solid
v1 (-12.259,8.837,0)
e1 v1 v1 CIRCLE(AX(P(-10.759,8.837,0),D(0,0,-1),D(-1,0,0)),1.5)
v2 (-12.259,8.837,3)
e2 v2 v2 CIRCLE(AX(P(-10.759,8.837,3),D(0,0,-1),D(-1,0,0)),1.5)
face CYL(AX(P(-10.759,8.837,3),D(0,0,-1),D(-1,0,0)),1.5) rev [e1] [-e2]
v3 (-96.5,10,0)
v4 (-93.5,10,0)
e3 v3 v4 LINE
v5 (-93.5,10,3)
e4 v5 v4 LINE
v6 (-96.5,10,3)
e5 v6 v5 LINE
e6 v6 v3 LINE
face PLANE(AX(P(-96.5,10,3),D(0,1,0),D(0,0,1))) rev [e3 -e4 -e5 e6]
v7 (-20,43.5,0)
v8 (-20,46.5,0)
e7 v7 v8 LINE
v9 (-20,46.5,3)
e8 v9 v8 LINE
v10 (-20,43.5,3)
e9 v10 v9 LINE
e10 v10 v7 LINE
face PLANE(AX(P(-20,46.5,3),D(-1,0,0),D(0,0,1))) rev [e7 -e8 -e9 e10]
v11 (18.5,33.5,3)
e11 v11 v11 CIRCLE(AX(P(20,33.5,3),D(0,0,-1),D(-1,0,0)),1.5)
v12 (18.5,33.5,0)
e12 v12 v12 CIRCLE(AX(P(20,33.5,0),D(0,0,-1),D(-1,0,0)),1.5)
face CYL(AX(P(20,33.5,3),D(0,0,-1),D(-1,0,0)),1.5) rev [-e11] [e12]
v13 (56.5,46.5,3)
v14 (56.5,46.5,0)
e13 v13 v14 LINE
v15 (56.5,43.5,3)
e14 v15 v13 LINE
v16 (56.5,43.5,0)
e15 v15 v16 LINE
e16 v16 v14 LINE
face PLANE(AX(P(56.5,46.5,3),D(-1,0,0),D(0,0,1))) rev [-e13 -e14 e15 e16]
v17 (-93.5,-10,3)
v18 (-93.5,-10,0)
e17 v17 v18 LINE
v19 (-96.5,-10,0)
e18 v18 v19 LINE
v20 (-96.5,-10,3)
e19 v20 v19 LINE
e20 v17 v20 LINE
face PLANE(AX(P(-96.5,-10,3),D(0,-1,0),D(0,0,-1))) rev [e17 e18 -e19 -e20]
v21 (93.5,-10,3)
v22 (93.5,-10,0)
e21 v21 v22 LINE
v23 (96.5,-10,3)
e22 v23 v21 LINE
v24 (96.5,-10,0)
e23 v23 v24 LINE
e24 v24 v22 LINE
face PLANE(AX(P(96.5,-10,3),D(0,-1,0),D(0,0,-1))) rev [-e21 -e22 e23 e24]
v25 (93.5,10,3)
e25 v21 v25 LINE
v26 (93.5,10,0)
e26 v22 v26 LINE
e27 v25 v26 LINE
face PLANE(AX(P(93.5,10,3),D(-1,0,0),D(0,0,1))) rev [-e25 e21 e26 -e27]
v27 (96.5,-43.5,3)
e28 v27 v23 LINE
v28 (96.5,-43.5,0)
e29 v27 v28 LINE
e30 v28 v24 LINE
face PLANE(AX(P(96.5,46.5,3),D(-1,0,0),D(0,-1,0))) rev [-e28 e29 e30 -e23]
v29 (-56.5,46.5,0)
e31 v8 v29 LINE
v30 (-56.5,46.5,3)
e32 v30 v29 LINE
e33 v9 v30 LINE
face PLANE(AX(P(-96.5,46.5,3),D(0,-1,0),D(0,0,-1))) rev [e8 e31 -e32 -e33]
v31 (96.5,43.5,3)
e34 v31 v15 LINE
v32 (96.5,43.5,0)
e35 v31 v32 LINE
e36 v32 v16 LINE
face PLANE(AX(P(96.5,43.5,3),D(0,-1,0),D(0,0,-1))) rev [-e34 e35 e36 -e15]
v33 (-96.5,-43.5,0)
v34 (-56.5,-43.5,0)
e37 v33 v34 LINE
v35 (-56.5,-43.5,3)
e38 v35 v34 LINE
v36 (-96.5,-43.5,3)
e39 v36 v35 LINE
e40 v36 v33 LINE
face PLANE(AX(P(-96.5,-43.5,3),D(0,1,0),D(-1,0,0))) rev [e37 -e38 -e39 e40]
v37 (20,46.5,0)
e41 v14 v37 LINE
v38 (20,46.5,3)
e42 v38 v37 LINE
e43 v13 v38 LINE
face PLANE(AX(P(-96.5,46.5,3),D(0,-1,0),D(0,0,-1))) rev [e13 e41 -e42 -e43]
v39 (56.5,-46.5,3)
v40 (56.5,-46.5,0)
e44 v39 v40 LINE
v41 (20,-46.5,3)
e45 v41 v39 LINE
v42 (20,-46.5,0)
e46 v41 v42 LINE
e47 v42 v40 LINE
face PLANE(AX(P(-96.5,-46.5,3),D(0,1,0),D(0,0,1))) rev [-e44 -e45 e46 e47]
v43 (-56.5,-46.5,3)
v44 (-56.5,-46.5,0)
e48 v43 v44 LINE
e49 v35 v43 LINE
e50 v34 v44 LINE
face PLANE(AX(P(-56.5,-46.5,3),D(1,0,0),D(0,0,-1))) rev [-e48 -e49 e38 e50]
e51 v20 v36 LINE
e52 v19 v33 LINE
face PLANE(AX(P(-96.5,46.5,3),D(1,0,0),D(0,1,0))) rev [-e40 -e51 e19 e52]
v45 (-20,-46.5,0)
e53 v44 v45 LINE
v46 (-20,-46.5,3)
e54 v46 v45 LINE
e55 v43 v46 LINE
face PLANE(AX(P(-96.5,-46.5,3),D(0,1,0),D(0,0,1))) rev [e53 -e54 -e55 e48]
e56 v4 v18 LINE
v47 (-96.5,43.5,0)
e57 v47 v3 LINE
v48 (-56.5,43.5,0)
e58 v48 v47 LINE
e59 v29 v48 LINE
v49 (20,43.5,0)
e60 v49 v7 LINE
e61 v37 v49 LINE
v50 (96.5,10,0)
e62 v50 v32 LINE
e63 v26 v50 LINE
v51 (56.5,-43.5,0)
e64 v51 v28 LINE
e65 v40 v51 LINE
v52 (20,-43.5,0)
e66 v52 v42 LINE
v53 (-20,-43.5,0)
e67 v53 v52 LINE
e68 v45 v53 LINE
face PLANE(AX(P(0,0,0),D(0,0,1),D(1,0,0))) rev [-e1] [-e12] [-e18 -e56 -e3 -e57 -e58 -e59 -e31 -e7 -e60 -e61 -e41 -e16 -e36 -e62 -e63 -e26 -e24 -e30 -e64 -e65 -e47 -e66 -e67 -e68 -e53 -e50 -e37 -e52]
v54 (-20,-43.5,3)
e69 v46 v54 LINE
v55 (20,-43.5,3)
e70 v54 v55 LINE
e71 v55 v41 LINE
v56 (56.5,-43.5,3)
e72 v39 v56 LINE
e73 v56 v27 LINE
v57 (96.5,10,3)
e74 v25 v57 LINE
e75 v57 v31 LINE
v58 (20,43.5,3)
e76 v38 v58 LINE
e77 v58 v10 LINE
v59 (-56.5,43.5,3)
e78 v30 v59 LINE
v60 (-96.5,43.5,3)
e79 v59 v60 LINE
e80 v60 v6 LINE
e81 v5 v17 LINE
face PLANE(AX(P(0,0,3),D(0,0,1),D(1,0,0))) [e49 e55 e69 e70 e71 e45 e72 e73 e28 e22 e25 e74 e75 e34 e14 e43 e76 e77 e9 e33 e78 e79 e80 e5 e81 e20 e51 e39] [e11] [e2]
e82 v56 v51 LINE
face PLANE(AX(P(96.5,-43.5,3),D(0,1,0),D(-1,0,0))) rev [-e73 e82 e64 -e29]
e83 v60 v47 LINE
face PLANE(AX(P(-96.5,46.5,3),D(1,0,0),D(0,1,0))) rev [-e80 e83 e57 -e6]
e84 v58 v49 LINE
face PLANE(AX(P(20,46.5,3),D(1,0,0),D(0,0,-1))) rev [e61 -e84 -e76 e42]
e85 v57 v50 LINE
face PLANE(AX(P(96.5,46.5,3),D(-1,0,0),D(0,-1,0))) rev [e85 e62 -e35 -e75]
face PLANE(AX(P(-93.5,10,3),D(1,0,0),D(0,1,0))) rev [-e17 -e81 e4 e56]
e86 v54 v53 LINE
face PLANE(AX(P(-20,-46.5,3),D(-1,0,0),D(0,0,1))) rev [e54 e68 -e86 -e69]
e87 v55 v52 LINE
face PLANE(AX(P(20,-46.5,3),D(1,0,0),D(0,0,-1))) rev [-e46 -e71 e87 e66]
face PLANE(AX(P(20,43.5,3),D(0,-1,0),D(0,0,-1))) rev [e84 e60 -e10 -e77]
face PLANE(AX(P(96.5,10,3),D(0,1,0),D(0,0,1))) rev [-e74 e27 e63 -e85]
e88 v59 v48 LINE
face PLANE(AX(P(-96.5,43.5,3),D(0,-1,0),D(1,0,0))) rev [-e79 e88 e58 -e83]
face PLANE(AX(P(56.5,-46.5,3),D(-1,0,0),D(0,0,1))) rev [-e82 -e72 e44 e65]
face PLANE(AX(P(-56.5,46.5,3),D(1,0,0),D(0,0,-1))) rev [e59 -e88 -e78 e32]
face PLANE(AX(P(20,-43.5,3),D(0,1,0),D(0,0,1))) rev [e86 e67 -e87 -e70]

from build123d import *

# Parameters (mm, degrees)
SKETCH2_W           = 193
SKETCH2_H           = 93
BOSS_EXTRUDE1_DEPTH = 3
SKETCH3_R           = 1.5
SKETCH3_W           = 40
SKETCH3_H           = 3
SKETCH3_W_2         = 3
SKETCH3_H_2         = 20
CUT_EXTRUDE1_DEPTH  = 3


with BuildPart() as part:
    # Sketch2 → Boss-Extrude1 (new body)
    with BuildSketch(Plane.XY):
        Rectangle(SKETCH2_W, SKETCH2_H)
    extrude(amount=BOSS_EXTRUDE1_DEPTH)

    # Sketch3 → Cut-Extrude1 (cut)
    with BuildSketch(Plane(origin=(0, 0, 0), x_dir=(-1, 0, 0), z_dir=(0, 0, -1))):
        with Locations((-20, 33.5)):
            Circle(SKETCH3_R)
        with Locations((10.759, 8.837)):
            Circle(SKETCH3_R)
        with Locations((-76.5, 45)):
            Rectangle(SKETCH3_W, SKETCH3_H)
        with Locations((76.5, -45)):
            Rectangle(SKETCH3_W, SKETCH3_H)
        with Locations((76.5, 45)):
            Rectangle(SKETCH3_W, SKETCH3_H)
        with Locations((0, 45)):
            Rectangle(SKETCH3_W, SKETCH3_H)
        with Locations((0, -45)):
            Rectangle(SKETCH3_W, SKETCH3_H)
        with Locations((-76.5, -45)):
            Rectangle(SKETCH3_W, SKETCH3_H)
        with Locations((95, 0)):
            Rectangle(SKETCH3_W_2, SKETCH3_H_2)
        with Locations((-95, 0)):
            Rectangle(SKETCH3_W_2, SKETCH3_H_2)
    extrude(amount=-CUT_EXTRUDE1_DEPTH, mode=Mode.SUBTRACT)


solid = part.part
